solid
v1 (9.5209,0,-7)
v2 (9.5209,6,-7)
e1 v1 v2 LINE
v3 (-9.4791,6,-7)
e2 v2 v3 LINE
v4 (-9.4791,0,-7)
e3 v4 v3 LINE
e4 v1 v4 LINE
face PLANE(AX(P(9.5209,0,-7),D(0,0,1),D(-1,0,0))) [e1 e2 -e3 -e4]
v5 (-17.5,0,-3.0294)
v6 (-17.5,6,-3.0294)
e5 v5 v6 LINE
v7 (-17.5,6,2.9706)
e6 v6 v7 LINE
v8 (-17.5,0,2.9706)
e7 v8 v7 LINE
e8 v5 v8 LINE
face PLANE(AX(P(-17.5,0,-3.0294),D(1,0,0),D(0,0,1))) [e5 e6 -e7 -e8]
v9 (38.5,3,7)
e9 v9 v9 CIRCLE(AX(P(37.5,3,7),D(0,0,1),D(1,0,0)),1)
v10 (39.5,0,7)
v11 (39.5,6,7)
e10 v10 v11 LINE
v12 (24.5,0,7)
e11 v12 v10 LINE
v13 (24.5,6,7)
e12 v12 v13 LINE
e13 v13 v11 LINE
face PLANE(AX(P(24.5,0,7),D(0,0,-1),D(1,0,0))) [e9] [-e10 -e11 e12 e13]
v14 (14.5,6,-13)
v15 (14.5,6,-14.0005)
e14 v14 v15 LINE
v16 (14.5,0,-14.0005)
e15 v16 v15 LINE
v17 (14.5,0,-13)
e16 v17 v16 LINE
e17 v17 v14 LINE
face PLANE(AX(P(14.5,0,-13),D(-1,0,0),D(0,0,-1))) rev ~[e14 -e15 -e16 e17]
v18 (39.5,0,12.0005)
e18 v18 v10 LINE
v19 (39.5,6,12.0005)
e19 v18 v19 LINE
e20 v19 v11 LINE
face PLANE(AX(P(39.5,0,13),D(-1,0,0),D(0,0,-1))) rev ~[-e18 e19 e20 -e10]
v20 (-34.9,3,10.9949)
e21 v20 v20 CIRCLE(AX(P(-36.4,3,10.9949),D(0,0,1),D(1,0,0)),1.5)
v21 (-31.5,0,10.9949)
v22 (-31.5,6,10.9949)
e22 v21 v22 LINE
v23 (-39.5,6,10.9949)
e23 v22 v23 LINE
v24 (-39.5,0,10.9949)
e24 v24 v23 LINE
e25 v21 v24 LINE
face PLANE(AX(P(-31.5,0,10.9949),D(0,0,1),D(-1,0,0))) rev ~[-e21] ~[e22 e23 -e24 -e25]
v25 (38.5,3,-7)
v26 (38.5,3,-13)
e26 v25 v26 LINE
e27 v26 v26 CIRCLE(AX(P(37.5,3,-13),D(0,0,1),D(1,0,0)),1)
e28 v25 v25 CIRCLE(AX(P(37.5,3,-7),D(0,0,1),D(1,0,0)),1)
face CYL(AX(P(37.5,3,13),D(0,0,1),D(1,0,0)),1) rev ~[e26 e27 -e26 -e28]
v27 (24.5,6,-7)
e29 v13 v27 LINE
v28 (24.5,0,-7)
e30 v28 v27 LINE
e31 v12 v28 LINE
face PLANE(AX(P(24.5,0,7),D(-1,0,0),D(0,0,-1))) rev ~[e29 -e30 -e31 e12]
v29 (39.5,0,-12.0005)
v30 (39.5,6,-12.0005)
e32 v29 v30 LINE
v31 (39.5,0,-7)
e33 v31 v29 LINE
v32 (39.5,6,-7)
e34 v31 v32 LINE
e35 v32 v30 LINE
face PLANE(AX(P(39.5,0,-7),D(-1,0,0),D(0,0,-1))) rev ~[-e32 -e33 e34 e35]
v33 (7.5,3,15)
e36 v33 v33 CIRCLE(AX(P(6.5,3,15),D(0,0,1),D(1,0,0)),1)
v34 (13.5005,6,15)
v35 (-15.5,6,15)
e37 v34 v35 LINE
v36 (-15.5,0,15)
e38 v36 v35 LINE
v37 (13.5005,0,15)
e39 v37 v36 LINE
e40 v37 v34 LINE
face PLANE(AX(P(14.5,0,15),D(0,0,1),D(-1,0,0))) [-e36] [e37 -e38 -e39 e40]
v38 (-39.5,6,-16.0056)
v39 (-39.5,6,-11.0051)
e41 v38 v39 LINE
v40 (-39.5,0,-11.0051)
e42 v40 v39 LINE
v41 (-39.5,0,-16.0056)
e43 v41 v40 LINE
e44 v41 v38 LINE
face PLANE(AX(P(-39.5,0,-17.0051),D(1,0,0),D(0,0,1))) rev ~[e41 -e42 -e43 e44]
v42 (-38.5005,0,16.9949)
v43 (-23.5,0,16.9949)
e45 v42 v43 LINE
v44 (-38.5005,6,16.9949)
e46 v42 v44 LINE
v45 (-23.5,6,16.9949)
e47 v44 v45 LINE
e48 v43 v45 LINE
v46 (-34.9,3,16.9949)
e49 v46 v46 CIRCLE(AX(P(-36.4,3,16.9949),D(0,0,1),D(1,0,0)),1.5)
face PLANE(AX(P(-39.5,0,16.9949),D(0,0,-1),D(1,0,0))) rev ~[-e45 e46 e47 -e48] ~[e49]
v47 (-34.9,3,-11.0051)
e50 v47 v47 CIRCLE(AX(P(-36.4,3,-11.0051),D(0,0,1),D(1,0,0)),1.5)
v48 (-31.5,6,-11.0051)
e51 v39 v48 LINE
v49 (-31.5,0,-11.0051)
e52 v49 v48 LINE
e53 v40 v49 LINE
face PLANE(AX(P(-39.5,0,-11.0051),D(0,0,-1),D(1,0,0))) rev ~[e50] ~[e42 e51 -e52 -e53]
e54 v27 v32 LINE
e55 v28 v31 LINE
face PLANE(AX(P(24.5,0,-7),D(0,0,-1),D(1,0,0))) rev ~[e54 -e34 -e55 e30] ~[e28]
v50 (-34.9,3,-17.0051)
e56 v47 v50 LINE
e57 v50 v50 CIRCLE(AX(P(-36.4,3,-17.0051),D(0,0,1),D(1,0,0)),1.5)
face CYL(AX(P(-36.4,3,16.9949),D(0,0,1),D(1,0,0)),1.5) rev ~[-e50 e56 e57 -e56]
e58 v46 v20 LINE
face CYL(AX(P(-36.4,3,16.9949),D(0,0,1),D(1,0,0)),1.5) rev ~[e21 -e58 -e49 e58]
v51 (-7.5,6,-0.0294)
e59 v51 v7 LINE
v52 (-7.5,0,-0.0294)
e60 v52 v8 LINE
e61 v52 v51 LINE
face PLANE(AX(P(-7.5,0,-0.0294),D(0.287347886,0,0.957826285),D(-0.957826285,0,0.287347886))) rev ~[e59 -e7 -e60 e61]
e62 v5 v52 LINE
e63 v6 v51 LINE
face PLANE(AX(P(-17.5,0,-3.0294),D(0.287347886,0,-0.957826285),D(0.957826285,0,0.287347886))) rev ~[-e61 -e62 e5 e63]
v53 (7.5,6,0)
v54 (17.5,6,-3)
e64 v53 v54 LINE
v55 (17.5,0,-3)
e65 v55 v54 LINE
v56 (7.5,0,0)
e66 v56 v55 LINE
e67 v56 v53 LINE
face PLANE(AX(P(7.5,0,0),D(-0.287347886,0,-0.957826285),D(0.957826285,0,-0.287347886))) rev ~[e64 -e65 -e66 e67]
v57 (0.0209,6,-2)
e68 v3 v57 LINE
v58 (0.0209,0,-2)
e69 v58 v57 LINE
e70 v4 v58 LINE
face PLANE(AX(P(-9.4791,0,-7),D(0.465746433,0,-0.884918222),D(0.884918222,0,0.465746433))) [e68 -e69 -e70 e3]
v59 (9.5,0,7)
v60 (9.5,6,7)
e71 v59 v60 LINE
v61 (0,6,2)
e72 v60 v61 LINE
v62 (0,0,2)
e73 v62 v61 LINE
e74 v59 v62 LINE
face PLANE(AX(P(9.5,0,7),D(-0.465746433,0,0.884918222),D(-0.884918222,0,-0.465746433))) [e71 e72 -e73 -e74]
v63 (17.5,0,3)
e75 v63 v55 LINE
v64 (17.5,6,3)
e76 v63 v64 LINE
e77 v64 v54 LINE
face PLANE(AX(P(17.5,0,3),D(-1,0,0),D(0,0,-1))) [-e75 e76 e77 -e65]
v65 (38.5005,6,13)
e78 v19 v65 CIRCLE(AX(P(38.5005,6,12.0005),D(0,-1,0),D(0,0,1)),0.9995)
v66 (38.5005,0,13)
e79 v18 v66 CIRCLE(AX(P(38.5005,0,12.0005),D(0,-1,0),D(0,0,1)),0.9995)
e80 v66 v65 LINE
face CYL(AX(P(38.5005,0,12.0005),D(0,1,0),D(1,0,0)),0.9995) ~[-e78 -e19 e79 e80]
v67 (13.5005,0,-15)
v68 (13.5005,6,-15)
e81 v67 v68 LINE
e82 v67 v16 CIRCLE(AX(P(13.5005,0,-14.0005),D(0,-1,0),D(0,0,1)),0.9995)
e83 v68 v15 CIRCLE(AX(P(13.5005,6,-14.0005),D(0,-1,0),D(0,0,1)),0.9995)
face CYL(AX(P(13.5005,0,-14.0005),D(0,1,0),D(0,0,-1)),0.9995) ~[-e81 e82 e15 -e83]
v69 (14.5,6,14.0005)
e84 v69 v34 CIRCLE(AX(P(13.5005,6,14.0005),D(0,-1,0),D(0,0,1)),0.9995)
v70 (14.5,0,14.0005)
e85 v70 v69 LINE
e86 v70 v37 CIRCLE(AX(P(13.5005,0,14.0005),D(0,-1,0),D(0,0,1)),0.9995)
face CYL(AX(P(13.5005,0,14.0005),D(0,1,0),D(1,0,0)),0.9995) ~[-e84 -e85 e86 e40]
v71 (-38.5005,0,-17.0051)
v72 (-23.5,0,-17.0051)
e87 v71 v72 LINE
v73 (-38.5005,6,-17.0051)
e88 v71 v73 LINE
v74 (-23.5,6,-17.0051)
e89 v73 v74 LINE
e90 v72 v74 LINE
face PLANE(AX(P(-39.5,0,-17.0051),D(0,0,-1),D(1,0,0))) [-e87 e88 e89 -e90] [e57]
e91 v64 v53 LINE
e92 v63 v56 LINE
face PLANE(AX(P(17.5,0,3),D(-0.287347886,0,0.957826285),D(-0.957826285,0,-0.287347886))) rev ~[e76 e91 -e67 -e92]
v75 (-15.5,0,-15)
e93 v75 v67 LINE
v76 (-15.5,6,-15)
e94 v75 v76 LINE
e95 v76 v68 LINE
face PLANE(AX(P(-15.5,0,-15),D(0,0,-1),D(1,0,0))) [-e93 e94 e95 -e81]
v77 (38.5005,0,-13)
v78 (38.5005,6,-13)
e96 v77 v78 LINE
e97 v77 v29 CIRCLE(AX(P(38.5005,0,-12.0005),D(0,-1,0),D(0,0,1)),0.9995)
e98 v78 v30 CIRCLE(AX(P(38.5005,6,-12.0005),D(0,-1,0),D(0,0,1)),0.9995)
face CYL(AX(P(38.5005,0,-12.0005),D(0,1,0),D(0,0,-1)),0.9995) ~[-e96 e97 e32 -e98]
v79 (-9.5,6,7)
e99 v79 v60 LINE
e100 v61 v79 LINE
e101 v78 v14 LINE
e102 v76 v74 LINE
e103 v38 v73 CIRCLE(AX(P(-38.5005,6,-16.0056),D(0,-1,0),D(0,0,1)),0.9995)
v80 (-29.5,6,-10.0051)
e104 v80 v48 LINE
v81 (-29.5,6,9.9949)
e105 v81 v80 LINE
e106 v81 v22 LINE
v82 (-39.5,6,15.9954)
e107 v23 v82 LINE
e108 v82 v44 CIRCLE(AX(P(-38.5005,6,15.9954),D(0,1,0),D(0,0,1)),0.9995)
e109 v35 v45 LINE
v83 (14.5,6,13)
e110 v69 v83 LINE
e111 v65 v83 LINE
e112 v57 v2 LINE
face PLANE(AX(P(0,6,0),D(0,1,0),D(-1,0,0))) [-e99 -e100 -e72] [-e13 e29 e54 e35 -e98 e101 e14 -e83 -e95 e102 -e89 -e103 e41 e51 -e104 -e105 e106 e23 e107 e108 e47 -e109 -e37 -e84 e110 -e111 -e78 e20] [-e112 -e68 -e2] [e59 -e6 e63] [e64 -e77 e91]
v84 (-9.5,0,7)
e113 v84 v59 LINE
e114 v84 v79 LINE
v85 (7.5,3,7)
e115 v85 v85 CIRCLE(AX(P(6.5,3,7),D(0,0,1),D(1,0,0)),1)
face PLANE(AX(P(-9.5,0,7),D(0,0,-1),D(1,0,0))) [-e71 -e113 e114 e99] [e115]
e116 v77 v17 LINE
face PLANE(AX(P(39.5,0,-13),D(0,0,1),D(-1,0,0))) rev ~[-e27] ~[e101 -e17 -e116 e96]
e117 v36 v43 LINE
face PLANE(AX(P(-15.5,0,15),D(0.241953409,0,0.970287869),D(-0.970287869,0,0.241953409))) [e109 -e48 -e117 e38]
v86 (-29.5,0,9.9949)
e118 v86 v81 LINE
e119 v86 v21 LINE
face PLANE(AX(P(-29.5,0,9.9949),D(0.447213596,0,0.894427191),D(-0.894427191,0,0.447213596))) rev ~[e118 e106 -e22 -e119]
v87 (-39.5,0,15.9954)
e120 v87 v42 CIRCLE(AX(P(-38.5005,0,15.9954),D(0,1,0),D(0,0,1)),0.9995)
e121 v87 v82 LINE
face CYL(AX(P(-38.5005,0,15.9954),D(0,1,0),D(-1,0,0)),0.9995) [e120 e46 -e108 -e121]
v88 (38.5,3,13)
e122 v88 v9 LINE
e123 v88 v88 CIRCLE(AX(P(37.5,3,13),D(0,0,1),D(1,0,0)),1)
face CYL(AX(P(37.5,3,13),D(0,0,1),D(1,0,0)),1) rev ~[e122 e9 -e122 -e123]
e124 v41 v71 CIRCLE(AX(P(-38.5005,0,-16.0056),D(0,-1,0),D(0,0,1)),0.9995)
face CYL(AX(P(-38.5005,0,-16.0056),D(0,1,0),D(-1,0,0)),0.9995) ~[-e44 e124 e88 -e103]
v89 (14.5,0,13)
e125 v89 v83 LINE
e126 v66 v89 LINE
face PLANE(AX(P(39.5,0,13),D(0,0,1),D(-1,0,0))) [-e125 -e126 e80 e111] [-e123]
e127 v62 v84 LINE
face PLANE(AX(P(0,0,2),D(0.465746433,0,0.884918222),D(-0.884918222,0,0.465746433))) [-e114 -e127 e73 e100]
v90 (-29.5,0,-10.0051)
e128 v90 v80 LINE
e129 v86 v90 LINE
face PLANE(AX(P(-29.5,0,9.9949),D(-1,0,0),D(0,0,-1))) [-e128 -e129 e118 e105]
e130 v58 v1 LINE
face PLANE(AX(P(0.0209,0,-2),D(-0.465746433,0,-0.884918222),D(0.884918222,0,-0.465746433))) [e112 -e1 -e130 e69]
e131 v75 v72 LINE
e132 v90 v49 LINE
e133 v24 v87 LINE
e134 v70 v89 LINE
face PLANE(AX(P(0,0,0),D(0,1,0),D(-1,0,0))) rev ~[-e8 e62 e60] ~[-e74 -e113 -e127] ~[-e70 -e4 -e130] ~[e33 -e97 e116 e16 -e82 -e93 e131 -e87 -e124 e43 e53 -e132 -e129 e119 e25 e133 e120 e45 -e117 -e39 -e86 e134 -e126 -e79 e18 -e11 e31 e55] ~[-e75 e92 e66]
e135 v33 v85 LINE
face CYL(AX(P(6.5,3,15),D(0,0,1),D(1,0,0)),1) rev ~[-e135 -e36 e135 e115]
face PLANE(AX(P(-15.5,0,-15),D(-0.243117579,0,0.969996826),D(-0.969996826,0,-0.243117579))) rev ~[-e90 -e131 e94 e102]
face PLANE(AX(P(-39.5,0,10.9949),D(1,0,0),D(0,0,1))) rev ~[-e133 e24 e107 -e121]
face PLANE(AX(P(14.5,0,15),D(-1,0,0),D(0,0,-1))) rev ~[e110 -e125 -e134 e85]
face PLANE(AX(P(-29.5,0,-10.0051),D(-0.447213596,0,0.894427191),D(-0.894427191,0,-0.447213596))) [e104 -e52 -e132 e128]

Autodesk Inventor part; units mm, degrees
ref_plane "YZ Plane" through (0, 0, 0) normal (1, 0, 0) x (0, 1, 0)
ref_plane "XZ Plane" through (0, 0, 0) normal (0, 1, 0) x (-1, 0, 0)
ref_plane "XY Plane" through (0, 0, 0) normal (0, 0, 1) x (1, 0, 0)
sketch "Sketch1" plane through (0, 0, 0) normal (0, 1, 0) x (-1, 0, 0)
  line L0 (39.5, 16.9949) -> (118.5, 16.9949) construction
  line L1 (31.5, 10.9949) -> (39.5, 10.9949)
  line L2 (39.5, -11.0051) -> (31.5, -11.0051)
  line L3 (29.5, -10.0051) -> (31.5, -11.0051)
  line L4 (29.5, 9.9949) -> (31.5, 10.9949)
  line L5 (29.5, 9.9949) -> (29.5, -10.0051)
  line L6 (39.5, -17.0051) -> (39.5, -11.0051)
  line L7 (39.5, 10.9949) -> (39.5, 16.9949)
  line L8 (-14.5, 15) -> (15.5, 15)
  line L9 (15.5, -15) -> (-14.5, -15)
  line L10 (15.5, 15) -> (23.5, 16.9949)
  line L11 (15.5, -15) -> (23.5, -17.0051)
  line L12 (39.5, -17.0051) -> (23.5, -17.0051)
  line L13 (39.5, 16.9949) -> (23.5, 16.9949)
  line L14 (-39.5, 13) -> (-14.5, 13)
  line L15 (-39.5, -13) -> (-14.5, -13)
  line L16 (-24.5, 7) -> (-24.5, -7)
  line L17 (-24.5, 7) -> (-39.5, 7)
  line L18 (-24.5, -7) -> (-39.5, -7)
  line L19 (-39.5, 13) -> (-39.5, 7)
  line L20 (-39.5, -7) -> (-39.5, -13)
  line L21 (-17.5, 3) -> (-17.5, -3)
  line L22 (-17.5, 3) -> (-7.5, 0)
  line L23 (-7.5, 0) -> (-17.5, -3)
  line L24 (-14.5, 15) -> (-14.5, 13)
  line L25 (-14.5, -13) -> (-14.5, -15)
  line L26 (17.5, -3.0294) -> (17.5, 2.9706)
  line L27 (17.5, -3.0294) -> (7.5, -0.0294)
  line L28 (7.5, -0.0294) -> (17.5, 2.9706)
  line L29 (9.5, 7) -> (-9.5, 7)
  line L30 (0, 2) -> (9.5, 7)
  line L31 (-9.5, 7) -> (0, 2)
  line L32 (-9.5209, -7) -> (9.4791, -7)
  line L33 (-0.0209, -2) -> (-9.5209, -7)
  line L34 (9.4791, -7) -> (-0.0209, -2)
  point P0 (0, 0)
  point P1 (39.5, 13.9949)
  point P2 (-17.5, 0)
  point P3 (17.5, -0.0294)
  point P4 (-14.7945, 6.659)
  point P5 (-14.2279, -6.5477)
  point P6 (0, 7)
  point P7 (0, 7)
  dimension "d18" = 10
  dimension "d21" = 6
  dimension "d22" = 6
  dimension "d26" = 7
  dimension "d27" = 10
  dimension "d28" = 3
  dimension "d29" = 3
  dimension "d30" = 10
  dimension "d31" = 3
  dimension "d32" = 3
extrude "Extrusion1" add sketch "Sketch1" along normal blind 6
sketch "Sketch2" plane through (14.5, 0, 13) normal (0, 0, 1) x (1, 0, 0)
  line L0 (0, 6) -> (25, 6) projected
  line L1 (25, 0) -> (25, 6) projected
  circle A0 centre (23, 3) radius 1
  point P0 (-14.5, 0)
  point P1 (25, 3)
  dimension "d45" = 2
extrude "Extrusion2" cut sketch "Sketch2" against normal blind 40
sketch "Sketch3" plane through (-39.5, 0, 16.9949) normal (0, 0, 1) x (1, 0, 0)
  line L0 (8, 6) -> (0, 6) projected
  line L1 (0, 0) -> (0, 6) projected
  circle A0 centre (3.1, 3) radius 1.5
  point P0 (39.5, 0)
  dimension "d49" = 3
extrude "Extrusion3" cut sketch "Sketch3" against normal blind 40
fillet "Fillet1" radius 1 6 edges at (39.5, 3, -13) (14.5, 3, -15) (-39.5, 3, -17.0051) (39.5, 3, 13) (14.5, 3, 15) (-39.5, 3, 16.9949)
sketch "Sketch4" plane through (-15.5, 0, 15) normal (0, 0, 1) x (1, 0, 0)
  line L0 (-24, 0) -> (-24, 6)
  circle A0 centre (22, 3) radius 1
  point P0 (15.5, 0)
  dimension "d56" = 2
extrude "Extrusion4" cut sketch "Sketch4" against normal blind 8
properties part number "PX9200-10"
